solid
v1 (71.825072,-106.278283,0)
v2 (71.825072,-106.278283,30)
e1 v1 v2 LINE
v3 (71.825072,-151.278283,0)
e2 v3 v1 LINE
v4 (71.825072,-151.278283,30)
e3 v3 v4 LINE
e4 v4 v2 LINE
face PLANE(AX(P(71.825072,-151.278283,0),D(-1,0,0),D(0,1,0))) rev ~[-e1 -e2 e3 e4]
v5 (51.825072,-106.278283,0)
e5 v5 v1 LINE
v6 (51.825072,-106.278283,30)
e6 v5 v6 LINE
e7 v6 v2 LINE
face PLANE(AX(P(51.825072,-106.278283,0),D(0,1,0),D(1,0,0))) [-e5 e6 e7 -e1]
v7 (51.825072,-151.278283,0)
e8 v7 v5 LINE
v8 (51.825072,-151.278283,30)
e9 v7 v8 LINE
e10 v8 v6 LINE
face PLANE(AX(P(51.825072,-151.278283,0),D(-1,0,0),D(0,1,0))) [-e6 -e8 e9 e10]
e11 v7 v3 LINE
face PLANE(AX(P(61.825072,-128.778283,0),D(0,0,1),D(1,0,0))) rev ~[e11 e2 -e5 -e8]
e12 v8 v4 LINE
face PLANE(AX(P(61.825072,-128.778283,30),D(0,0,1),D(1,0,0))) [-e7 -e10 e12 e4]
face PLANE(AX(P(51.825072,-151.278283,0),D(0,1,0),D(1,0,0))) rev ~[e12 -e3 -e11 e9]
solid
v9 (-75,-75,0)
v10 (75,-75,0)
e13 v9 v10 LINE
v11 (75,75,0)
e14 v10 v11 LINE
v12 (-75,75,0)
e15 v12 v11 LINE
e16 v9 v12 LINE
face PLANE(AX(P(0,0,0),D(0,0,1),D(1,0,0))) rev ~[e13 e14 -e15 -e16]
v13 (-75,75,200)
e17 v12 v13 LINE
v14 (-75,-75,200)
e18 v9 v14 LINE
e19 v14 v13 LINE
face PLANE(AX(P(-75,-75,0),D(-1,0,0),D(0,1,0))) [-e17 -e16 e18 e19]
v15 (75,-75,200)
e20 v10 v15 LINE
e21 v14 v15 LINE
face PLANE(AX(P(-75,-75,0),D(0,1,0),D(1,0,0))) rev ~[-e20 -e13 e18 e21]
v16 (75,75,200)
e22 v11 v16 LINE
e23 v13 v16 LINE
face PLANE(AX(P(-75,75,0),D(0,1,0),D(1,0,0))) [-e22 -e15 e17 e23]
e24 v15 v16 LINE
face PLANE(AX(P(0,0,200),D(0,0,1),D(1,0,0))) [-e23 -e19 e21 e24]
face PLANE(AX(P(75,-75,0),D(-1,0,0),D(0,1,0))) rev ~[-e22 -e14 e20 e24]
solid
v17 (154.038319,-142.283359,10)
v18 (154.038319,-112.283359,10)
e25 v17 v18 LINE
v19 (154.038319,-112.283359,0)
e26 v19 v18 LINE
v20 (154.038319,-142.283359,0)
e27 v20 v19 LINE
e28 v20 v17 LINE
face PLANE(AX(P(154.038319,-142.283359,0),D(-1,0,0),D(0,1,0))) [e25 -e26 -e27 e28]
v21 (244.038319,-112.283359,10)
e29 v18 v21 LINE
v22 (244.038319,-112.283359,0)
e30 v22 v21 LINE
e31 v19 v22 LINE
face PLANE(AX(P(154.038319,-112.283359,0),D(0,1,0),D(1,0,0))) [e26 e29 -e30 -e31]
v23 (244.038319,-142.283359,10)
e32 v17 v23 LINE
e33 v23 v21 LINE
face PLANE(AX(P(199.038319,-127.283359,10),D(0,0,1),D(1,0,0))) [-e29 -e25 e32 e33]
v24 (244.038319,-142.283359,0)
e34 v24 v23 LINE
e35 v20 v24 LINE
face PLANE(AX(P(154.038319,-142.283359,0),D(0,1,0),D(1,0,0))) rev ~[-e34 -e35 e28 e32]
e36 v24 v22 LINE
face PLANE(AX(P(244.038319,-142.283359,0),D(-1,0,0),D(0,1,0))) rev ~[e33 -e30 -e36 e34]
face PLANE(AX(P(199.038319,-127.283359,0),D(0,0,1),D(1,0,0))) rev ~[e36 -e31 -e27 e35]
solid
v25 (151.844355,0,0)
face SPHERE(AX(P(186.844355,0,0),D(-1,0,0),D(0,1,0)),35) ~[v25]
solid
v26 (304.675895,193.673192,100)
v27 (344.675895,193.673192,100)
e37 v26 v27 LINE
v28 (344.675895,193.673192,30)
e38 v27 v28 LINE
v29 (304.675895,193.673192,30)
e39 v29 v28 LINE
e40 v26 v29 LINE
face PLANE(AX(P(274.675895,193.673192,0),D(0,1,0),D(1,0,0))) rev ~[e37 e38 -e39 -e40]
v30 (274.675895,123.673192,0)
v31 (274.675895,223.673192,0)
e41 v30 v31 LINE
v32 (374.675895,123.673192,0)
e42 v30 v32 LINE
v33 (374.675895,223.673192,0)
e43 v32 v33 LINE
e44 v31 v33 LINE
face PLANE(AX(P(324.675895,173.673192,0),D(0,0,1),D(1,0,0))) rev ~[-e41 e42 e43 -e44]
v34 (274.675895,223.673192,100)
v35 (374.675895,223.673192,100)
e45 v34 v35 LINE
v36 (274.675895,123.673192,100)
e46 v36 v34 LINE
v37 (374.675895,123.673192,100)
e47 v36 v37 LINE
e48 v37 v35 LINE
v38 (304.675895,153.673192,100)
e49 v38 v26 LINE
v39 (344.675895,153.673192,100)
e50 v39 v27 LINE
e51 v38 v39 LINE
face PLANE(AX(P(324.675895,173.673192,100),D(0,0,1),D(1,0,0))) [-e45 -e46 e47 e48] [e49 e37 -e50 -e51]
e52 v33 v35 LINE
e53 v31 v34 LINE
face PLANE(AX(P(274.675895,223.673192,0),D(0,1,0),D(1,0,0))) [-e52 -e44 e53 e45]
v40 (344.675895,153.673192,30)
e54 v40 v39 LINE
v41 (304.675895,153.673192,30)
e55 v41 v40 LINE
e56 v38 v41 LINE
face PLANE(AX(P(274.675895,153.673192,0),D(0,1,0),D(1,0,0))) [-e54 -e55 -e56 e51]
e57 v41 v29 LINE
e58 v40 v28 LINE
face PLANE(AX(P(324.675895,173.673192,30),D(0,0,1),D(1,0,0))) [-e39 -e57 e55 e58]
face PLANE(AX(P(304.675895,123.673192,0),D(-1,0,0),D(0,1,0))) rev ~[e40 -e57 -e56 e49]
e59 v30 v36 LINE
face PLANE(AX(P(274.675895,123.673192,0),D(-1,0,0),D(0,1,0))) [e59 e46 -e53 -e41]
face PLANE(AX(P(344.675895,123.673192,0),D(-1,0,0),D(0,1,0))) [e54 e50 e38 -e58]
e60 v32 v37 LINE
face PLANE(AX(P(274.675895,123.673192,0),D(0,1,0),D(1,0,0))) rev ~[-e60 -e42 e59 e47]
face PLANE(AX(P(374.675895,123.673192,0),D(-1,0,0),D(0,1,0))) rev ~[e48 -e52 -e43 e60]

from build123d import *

# Parameters (mm, degrees)
F0_W     = 150
F0_H     = 150
F1_DEPTH = 200
F4_W     = 20
F4_H     = 45
F5_DEPTH = 30
F6_W     = 90
F6_H     = 30
F7_DEPTH = 10
F8_W     = 100
F8_H     = 100
F9_DEPTH = 100
F10_T    = -30


with BuildPart() as f1:
    # F0 (on Top) → F1 (new body)
    with BuildSketch(Plane.XY):
        Rectangle(F0_W, F0_H)
    extrude(amount=F1_DEPTH)


with BuildPart() as f3:
    # F2 (on Top) → F3 (revolve)
    with BuildSketch(Plane.XY):
        with BuildLine():
            ThreePointArc((221.844355, 0), (186.844355, 35), (151.844355, 0))
            Line((151.844355, 0), (221.844355, 0))
        make_face()
    revolve(axis=Axis((186.844355, 0, 0), (1, 0, 0)))


with BuildPart() as f5:
    # F4 (on Top) → F5 (new body)
    with BuildSketch(Plane.XY):
        with Locations((61.825072, -128.778283)):
            Rectangle(F4_W, F4_H)
    extrude(amount=F5_DEPTH)


with BuildPart() as f7:
    # F6 (on Top) → F7 (new body)
    with BuildSketch(Plane.XY):
        with Locations((199.038319, -127.283359)):
            Rectangle(F6_W, F6_H)
    extrude(amount=F7_DEPTH)


with BuildPart() as f9:
    # F8 (on Top) → F9 (new body)
    with BuildSketch(Plane.XY):
        with Locations((324.675895, 173.673192)):
            Rectangle(F8_W, F8_H)
    extrude(amount=F9_DEPTH)

    # F10
    f10_openings = [f9.faces().sort_by_distance(p)[0] for p in [
        (324.675895, 173.673192, 100),
    ]]
    offset(amount=F10_T, openings=f10_openings)


solid = Compound([f1.part, f3.part, f5.part, f7.part, f9.part])
